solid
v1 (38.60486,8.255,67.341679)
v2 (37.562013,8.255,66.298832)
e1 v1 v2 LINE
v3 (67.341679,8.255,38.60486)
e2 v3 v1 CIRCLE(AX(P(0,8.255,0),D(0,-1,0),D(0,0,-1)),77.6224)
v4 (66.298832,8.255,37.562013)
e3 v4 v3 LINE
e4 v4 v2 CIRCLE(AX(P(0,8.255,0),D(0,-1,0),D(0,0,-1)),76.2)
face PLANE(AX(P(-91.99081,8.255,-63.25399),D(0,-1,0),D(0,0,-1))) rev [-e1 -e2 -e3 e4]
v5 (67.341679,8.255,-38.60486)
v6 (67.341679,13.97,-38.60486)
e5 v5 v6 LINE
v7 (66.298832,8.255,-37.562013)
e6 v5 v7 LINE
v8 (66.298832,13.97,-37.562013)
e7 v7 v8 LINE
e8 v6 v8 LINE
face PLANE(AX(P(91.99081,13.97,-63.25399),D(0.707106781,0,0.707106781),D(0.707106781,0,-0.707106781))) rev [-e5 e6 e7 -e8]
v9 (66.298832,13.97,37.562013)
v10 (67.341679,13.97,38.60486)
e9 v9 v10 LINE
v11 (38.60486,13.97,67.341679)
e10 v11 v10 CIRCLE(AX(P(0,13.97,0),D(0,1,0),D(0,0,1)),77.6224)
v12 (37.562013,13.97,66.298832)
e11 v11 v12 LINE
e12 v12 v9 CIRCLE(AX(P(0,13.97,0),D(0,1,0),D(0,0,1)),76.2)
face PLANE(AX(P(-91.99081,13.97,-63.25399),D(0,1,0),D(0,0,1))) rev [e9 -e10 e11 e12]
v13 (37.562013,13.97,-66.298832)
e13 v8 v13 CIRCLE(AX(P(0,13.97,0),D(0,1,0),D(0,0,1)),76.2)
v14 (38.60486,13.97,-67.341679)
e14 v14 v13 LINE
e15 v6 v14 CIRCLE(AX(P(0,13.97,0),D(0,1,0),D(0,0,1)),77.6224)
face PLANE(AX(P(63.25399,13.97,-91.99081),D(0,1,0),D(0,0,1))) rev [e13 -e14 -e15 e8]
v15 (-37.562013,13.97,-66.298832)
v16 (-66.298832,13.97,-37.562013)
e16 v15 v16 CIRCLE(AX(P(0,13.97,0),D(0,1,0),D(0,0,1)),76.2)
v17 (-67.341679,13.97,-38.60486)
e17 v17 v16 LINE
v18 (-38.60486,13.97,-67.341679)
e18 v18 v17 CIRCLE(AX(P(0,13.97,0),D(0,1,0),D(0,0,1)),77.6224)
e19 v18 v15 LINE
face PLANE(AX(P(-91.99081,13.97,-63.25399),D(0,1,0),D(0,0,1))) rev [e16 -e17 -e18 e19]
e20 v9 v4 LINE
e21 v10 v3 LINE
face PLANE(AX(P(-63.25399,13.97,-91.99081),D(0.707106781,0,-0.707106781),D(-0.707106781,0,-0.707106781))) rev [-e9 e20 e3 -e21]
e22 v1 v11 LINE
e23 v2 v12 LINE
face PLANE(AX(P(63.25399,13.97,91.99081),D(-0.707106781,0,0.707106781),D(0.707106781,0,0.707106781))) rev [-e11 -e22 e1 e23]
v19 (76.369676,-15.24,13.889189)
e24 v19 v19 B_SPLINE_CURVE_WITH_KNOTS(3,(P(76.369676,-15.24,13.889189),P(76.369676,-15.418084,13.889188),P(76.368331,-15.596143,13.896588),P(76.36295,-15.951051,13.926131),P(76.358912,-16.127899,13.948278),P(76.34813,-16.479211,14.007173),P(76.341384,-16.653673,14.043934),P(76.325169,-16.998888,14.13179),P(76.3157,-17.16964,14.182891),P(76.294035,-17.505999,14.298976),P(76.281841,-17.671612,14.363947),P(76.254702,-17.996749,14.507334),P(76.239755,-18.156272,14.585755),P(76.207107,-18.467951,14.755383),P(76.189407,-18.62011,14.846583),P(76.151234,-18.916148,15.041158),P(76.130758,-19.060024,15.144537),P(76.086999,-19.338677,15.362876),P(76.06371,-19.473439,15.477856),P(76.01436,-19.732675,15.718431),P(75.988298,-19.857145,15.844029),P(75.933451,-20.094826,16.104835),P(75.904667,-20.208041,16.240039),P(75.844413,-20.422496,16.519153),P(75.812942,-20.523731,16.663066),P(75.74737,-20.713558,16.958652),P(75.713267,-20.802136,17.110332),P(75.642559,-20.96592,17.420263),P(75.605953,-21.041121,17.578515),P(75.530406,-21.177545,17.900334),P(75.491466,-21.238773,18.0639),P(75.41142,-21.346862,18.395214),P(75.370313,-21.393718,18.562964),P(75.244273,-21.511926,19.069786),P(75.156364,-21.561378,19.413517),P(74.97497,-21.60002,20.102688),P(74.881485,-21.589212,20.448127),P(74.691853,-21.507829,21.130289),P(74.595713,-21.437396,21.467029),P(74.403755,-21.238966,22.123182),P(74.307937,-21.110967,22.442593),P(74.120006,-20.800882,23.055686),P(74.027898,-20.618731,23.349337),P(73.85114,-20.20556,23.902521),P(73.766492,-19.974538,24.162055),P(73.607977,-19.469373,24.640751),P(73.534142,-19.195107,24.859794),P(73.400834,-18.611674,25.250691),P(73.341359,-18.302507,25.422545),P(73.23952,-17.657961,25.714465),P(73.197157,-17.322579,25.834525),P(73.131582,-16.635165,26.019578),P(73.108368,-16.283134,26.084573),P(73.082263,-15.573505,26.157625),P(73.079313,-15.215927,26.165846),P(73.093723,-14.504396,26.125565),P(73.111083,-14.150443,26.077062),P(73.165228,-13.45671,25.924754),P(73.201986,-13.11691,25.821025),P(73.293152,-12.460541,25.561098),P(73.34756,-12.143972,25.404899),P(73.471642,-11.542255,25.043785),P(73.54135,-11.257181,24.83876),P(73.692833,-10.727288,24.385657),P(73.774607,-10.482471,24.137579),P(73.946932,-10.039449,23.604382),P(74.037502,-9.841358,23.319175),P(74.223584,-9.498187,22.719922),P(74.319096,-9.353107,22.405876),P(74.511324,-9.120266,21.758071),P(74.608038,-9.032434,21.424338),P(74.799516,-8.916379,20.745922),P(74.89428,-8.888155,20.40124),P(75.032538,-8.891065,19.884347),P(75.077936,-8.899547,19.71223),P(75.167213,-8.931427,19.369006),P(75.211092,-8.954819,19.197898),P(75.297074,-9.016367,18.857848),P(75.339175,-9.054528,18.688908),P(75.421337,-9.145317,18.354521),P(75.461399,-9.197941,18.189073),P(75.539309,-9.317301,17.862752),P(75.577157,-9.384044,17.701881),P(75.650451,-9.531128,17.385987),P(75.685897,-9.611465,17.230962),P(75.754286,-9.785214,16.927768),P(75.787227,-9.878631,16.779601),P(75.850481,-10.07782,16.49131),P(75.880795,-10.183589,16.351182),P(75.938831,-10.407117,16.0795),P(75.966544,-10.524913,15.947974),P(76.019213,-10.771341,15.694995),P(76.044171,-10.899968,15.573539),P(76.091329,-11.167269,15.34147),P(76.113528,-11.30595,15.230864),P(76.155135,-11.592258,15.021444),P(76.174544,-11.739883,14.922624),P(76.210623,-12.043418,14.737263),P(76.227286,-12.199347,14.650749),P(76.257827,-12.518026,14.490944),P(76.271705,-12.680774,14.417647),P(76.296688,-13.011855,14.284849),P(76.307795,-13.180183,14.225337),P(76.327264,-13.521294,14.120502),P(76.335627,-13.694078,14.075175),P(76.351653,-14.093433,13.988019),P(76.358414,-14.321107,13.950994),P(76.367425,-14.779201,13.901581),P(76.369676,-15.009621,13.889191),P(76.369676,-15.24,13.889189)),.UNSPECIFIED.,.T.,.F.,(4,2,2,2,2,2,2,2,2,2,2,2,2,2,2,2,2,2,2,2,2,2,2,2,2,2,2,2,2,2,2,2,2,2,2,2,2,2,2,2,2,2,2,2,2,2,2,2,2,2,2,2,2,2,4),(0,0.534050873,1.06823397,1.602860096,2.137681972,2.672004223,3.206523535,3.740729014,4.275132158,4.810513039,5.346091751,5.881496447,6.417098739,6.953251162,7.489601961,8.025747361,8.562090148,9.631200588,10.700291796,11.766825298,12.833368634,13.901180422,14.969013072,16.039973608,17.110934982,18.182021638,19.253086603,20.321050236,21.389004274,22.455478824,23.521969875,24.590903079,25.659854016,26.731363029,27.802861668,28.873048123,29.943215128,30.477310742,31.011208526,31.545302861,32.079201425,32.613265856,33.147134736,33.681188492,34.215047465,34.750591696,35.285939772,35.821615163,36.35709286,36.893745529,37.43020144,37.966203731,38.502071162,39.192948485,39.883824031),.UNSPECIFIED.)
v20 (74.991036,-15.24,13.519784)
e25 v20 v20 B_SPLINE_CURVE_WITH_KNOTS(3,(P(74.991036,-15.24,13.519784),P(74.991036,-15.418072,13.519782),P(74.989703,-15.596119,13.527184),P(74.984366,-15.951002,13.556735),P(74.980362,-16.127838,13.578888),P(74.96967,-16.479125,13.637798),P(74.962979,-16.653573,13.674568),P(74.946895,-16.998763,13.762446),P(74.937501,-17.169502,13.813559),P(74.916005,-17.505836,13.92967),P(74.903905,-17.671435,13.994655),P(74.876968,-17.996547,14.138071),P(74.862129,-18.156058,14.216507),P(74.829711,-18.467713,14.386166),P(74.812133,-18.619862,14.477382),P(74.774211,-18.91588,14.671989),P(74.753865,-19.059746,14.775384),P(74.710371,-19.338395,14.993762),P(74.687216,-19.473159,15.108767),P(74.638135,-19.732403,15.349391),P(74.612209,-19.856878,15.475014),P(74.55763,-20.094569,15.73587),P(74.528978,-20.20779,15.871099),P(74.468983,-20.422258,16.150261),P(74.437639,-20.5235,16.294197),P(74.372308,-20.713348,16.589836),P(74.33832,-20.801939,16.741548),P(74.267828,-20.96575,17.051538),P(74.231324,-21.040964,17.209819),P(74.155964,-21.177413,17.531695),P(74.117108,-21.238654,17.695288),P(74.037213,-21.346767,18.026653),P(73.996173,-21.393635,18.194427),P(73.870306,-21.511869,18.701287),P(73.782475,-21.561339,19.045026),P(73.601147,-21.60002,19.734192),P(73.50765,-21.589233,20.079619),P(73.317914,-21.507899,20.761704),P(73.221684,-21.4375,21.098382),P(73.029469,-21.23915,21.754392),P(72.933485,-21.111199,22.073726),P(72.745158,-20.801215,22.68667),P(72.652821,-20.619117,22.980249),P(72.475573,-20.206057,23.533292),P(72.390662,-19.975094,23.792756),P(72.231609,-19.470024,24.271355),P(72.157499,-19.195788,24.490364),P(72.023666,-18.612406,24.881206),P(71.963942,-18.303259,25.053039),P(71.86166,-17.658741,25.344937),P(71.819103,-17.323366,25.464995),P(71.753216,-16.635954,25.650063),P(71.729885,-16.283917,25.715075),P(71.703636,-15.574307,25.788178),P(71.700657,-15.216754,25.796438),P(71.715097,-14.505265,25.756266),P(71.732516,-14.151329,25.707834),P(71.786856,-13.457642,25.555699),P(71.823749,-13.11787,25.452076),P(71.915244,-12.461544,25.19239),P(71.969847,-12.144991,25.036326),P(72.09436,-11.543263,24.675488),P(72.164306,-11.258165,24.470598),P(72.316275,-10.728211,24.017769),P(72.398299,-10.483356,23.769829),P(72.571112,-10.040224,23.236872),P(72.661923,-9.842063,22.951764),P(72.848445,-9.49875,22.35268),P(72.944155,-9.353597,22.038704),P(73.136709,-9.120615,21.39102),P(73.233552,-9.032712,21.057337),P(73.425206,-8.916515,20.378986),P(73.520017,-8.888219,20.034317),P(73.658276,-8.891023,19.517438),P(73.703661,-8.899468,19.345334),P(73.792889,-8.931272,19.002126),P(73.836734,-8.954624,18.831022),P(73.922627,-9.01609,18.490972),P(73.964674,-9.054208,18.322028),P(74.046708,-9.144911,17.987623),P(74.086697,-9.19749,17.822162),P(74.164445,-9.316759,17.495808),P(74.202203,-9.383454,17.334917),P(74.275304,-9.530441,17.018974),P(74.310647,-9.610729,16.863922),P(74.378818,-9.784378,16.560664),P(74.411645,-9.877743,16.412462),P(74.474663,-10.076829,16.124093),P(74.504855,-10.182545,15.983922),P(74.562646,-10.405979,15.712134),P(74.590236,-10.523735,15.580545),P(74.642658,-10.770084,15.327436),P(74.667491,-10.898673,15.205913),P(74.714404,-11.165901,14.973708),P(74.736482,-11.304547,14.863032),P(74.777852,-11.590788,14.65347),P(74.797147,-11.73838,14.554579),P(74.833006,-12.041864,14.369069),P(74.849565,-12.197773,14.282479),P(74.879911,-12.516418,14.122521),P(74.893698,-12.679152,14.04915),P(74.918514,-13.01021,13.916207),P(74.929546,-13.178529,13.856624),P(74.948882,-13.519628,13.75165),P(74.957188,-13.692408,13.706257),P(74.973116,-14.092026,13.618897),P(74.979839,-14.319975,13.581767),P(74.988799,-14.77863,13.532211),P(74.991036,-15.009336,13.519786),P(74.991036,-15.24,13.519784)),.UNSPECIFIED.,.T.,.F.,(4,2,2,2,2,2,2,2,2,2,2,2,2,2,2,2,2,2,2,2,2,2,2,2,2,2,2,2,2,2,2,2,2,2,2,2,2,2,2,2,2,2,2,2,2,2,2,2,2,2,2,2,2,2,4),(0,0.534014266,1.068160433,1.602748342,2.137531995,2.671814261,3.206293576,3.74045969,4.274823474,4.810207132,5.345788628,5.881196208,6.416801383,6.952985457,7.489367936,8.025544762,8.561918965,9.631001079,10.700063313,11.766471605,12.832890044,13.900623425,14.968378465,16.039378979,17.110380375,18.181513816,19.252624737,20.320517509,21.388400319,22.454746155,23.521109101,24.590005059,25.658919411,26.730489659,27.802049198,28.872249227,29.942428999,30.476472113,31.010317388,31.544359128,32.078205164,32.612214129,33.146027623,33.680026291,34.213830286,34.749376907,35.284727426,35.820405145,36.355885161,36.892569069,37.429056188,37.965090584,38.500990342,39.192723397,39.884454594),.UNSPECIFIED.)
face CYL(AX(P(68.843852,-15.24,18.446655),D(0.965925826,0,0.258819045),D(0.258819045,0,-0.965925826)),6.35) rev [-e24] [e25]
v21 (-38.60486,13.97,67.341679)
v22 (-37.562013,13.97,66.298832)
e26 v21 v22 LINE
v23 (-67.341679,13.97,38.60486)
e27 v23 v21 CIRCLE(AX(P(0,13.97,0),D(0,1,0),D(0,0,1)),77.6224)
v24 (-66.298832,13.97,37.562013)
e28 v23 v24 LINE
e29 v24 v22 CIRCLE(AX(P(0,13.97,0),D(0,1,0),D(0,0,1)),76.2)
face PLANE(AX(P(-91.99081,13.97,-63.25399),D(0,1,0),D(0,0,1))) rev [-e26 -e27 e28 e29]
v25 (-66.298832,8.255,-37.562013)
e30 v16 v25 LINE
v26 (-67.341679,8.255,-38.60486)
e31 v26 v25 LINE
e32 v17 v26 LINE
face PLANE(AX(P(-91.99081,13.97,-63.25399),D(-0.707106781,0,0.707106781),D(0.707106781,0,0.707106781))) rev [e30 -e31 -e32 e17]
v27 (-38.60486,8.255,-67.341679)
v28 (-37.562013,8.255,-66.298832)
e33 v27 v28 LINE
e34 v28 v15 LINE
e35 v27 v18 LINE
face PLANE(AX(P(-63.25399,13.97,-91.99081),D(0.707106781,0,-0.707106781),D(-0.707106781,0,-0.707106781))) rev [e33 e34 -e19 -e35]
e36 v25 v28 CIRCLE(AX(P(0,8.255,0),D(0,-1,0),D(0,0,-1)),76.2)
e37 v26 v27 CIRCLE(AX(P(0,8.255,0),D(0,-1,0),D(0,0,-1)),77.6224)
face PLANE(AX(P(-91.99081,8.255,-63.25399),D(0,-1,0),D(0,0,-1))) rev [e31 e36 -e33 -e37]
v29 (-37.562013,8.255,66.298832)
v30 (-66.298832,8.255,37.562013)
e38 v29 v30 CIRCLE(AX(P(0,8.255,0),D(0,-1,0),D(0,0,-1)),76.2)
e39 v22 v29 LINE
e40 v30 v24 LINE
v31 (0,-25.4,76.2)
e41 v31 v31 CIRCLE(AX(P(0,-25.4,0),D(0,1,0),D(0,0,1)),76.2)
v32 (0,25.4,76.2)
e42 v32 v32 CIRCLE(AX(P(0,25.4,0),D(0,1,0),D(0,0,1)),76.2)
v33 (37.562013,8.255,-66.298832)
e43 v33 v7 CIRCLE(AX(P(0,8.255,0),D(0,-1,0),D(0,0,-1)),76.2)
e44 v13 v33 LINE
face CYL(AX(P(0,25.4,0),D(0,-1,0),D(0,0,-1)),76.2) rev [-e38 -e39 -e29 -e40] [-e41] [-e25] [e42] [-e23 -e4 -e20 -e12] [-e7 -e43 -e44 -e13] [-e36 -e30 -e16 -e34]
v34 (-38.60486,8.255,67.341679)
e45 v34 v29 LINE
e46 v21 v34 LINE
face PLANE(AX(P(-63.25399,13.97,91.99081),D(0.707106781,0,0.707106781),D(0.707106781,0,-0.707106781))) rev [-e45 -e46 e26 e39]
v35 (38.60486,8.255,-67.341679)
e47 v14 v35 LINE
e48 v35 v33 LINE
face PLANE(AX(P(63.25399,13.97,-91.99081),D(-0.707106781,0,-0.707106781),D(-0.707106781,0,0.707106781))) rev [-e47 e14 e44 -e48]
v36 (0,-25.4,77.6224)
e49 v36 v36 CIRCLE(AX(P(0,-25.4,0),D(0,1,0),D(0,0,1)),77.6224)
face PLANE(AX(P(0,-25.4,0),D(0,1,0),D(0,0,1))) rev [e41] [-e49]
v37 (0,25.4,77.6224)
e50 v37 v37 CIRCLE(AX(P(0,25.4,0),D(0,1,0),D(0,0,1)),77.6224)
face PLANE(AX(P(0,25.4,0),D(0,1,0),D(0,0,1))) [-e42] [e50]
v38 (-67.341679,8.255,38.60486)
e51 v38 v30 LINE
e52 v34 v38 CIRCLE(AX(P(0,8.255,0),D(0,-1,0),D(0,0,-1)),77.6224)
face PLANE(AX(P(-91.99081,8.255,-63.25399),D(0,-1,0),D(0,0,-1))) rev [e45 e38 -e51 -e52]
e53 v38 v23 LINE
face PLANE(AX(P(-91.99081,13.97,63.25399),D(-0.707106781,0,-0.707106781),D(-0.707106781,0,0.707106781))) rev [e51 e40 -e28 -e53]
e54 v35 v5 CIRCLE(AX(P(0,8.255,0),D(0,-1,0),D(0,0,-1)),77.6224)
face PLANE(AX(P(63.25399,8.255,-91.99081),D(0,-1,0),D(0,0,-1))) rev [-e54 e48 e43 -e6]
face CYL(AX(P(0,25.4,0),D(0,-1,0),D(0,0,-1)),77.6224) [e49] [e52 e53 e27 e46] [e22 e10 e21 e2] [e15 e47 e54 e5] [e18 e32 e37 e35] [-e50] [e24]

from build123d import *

# Parameters (mm, degrees)
SKETCH1_R           = 77.6224
SKETCH1_R_2         = 76.2
BOSS_EXTRUDE1_DEPTH = 25.4
SKETCH2_W           = 40.64
SKETCH2_H           = 5.715
CUT_EXTRUDE1_DEPTH  = 113.674903876
CIRPATTERN1_COUNT   = 4
SKETCH3_R           = 6.35
CUT_EXTRUDE2_DEPTH  = 6.35


with BuildPart() as part:
    # Sketch1 → Boss-Extrude1 (new, symmetric)
    with BuildSketch(Plane(origin=(0, 0, 0), x_dir=(1, 0, 0), z_dir=(0, 1, 0))):
        with Locations(Location((0, 0, 0), (0, 0, 270))):
            Circle(SKETCH1_R)
        with Locations(Location((0, 0, 0), (0, 0, 270))):
            Circle(SKETCH1_R_2, mode=Mode.SUBTRACT)
    extrude(amount=BOSS_EXTRUDE1_DEPTH, both=True)

    # Sketch2 → Cut-Extrude1 (cut, through all)
    with BuildSketch(Plane(origin=(0, 0, 0), x_dir=(0.7071067811865477, 0, 0.7071067811865475), z_dir=(-0.7071067811865475, 0, 0.7071067811865477))):
        with Locations((0, 11.1125)):
            Rectangle(SKETCH2_W, SKETCH2_H)
    cut_extrude1 = extrude(amount=-CUT_EXTRUDE1_DEPTH, mode=Mode.SUBTRACT)

    # CirPattern1: Cut-Extrude1 ×4 about axis
    cirpattern1_axis = Axis((0, 0, 0), (0, 1, 0))
    for i in range(1, CIRPATTERN1_COUNT):
        add(cut_extrude1.rotate(cirpattern1_axis, i * 360 / CIRPATTERN1_COUNT), mode=Mode.SUBTRACT)

    # Sketch3 → Cut-Extrude2 (cut)
    with BuildSketch(Plane(origin=(74.977480859, 0, 20.090155447), x_dir=(0, -1, 0), z_dir=(0.9659258262890681, 0, 0.25881904510252135))):
        with Locations(Location((15.24, 0, 0), (0, 0, 90))):
            Circle(SKETCH3_R)
    extrude(amount=-CUT_EXTRUDE2_DEPTH, mode=Mode.SUBTRACT)


solid = part.part
